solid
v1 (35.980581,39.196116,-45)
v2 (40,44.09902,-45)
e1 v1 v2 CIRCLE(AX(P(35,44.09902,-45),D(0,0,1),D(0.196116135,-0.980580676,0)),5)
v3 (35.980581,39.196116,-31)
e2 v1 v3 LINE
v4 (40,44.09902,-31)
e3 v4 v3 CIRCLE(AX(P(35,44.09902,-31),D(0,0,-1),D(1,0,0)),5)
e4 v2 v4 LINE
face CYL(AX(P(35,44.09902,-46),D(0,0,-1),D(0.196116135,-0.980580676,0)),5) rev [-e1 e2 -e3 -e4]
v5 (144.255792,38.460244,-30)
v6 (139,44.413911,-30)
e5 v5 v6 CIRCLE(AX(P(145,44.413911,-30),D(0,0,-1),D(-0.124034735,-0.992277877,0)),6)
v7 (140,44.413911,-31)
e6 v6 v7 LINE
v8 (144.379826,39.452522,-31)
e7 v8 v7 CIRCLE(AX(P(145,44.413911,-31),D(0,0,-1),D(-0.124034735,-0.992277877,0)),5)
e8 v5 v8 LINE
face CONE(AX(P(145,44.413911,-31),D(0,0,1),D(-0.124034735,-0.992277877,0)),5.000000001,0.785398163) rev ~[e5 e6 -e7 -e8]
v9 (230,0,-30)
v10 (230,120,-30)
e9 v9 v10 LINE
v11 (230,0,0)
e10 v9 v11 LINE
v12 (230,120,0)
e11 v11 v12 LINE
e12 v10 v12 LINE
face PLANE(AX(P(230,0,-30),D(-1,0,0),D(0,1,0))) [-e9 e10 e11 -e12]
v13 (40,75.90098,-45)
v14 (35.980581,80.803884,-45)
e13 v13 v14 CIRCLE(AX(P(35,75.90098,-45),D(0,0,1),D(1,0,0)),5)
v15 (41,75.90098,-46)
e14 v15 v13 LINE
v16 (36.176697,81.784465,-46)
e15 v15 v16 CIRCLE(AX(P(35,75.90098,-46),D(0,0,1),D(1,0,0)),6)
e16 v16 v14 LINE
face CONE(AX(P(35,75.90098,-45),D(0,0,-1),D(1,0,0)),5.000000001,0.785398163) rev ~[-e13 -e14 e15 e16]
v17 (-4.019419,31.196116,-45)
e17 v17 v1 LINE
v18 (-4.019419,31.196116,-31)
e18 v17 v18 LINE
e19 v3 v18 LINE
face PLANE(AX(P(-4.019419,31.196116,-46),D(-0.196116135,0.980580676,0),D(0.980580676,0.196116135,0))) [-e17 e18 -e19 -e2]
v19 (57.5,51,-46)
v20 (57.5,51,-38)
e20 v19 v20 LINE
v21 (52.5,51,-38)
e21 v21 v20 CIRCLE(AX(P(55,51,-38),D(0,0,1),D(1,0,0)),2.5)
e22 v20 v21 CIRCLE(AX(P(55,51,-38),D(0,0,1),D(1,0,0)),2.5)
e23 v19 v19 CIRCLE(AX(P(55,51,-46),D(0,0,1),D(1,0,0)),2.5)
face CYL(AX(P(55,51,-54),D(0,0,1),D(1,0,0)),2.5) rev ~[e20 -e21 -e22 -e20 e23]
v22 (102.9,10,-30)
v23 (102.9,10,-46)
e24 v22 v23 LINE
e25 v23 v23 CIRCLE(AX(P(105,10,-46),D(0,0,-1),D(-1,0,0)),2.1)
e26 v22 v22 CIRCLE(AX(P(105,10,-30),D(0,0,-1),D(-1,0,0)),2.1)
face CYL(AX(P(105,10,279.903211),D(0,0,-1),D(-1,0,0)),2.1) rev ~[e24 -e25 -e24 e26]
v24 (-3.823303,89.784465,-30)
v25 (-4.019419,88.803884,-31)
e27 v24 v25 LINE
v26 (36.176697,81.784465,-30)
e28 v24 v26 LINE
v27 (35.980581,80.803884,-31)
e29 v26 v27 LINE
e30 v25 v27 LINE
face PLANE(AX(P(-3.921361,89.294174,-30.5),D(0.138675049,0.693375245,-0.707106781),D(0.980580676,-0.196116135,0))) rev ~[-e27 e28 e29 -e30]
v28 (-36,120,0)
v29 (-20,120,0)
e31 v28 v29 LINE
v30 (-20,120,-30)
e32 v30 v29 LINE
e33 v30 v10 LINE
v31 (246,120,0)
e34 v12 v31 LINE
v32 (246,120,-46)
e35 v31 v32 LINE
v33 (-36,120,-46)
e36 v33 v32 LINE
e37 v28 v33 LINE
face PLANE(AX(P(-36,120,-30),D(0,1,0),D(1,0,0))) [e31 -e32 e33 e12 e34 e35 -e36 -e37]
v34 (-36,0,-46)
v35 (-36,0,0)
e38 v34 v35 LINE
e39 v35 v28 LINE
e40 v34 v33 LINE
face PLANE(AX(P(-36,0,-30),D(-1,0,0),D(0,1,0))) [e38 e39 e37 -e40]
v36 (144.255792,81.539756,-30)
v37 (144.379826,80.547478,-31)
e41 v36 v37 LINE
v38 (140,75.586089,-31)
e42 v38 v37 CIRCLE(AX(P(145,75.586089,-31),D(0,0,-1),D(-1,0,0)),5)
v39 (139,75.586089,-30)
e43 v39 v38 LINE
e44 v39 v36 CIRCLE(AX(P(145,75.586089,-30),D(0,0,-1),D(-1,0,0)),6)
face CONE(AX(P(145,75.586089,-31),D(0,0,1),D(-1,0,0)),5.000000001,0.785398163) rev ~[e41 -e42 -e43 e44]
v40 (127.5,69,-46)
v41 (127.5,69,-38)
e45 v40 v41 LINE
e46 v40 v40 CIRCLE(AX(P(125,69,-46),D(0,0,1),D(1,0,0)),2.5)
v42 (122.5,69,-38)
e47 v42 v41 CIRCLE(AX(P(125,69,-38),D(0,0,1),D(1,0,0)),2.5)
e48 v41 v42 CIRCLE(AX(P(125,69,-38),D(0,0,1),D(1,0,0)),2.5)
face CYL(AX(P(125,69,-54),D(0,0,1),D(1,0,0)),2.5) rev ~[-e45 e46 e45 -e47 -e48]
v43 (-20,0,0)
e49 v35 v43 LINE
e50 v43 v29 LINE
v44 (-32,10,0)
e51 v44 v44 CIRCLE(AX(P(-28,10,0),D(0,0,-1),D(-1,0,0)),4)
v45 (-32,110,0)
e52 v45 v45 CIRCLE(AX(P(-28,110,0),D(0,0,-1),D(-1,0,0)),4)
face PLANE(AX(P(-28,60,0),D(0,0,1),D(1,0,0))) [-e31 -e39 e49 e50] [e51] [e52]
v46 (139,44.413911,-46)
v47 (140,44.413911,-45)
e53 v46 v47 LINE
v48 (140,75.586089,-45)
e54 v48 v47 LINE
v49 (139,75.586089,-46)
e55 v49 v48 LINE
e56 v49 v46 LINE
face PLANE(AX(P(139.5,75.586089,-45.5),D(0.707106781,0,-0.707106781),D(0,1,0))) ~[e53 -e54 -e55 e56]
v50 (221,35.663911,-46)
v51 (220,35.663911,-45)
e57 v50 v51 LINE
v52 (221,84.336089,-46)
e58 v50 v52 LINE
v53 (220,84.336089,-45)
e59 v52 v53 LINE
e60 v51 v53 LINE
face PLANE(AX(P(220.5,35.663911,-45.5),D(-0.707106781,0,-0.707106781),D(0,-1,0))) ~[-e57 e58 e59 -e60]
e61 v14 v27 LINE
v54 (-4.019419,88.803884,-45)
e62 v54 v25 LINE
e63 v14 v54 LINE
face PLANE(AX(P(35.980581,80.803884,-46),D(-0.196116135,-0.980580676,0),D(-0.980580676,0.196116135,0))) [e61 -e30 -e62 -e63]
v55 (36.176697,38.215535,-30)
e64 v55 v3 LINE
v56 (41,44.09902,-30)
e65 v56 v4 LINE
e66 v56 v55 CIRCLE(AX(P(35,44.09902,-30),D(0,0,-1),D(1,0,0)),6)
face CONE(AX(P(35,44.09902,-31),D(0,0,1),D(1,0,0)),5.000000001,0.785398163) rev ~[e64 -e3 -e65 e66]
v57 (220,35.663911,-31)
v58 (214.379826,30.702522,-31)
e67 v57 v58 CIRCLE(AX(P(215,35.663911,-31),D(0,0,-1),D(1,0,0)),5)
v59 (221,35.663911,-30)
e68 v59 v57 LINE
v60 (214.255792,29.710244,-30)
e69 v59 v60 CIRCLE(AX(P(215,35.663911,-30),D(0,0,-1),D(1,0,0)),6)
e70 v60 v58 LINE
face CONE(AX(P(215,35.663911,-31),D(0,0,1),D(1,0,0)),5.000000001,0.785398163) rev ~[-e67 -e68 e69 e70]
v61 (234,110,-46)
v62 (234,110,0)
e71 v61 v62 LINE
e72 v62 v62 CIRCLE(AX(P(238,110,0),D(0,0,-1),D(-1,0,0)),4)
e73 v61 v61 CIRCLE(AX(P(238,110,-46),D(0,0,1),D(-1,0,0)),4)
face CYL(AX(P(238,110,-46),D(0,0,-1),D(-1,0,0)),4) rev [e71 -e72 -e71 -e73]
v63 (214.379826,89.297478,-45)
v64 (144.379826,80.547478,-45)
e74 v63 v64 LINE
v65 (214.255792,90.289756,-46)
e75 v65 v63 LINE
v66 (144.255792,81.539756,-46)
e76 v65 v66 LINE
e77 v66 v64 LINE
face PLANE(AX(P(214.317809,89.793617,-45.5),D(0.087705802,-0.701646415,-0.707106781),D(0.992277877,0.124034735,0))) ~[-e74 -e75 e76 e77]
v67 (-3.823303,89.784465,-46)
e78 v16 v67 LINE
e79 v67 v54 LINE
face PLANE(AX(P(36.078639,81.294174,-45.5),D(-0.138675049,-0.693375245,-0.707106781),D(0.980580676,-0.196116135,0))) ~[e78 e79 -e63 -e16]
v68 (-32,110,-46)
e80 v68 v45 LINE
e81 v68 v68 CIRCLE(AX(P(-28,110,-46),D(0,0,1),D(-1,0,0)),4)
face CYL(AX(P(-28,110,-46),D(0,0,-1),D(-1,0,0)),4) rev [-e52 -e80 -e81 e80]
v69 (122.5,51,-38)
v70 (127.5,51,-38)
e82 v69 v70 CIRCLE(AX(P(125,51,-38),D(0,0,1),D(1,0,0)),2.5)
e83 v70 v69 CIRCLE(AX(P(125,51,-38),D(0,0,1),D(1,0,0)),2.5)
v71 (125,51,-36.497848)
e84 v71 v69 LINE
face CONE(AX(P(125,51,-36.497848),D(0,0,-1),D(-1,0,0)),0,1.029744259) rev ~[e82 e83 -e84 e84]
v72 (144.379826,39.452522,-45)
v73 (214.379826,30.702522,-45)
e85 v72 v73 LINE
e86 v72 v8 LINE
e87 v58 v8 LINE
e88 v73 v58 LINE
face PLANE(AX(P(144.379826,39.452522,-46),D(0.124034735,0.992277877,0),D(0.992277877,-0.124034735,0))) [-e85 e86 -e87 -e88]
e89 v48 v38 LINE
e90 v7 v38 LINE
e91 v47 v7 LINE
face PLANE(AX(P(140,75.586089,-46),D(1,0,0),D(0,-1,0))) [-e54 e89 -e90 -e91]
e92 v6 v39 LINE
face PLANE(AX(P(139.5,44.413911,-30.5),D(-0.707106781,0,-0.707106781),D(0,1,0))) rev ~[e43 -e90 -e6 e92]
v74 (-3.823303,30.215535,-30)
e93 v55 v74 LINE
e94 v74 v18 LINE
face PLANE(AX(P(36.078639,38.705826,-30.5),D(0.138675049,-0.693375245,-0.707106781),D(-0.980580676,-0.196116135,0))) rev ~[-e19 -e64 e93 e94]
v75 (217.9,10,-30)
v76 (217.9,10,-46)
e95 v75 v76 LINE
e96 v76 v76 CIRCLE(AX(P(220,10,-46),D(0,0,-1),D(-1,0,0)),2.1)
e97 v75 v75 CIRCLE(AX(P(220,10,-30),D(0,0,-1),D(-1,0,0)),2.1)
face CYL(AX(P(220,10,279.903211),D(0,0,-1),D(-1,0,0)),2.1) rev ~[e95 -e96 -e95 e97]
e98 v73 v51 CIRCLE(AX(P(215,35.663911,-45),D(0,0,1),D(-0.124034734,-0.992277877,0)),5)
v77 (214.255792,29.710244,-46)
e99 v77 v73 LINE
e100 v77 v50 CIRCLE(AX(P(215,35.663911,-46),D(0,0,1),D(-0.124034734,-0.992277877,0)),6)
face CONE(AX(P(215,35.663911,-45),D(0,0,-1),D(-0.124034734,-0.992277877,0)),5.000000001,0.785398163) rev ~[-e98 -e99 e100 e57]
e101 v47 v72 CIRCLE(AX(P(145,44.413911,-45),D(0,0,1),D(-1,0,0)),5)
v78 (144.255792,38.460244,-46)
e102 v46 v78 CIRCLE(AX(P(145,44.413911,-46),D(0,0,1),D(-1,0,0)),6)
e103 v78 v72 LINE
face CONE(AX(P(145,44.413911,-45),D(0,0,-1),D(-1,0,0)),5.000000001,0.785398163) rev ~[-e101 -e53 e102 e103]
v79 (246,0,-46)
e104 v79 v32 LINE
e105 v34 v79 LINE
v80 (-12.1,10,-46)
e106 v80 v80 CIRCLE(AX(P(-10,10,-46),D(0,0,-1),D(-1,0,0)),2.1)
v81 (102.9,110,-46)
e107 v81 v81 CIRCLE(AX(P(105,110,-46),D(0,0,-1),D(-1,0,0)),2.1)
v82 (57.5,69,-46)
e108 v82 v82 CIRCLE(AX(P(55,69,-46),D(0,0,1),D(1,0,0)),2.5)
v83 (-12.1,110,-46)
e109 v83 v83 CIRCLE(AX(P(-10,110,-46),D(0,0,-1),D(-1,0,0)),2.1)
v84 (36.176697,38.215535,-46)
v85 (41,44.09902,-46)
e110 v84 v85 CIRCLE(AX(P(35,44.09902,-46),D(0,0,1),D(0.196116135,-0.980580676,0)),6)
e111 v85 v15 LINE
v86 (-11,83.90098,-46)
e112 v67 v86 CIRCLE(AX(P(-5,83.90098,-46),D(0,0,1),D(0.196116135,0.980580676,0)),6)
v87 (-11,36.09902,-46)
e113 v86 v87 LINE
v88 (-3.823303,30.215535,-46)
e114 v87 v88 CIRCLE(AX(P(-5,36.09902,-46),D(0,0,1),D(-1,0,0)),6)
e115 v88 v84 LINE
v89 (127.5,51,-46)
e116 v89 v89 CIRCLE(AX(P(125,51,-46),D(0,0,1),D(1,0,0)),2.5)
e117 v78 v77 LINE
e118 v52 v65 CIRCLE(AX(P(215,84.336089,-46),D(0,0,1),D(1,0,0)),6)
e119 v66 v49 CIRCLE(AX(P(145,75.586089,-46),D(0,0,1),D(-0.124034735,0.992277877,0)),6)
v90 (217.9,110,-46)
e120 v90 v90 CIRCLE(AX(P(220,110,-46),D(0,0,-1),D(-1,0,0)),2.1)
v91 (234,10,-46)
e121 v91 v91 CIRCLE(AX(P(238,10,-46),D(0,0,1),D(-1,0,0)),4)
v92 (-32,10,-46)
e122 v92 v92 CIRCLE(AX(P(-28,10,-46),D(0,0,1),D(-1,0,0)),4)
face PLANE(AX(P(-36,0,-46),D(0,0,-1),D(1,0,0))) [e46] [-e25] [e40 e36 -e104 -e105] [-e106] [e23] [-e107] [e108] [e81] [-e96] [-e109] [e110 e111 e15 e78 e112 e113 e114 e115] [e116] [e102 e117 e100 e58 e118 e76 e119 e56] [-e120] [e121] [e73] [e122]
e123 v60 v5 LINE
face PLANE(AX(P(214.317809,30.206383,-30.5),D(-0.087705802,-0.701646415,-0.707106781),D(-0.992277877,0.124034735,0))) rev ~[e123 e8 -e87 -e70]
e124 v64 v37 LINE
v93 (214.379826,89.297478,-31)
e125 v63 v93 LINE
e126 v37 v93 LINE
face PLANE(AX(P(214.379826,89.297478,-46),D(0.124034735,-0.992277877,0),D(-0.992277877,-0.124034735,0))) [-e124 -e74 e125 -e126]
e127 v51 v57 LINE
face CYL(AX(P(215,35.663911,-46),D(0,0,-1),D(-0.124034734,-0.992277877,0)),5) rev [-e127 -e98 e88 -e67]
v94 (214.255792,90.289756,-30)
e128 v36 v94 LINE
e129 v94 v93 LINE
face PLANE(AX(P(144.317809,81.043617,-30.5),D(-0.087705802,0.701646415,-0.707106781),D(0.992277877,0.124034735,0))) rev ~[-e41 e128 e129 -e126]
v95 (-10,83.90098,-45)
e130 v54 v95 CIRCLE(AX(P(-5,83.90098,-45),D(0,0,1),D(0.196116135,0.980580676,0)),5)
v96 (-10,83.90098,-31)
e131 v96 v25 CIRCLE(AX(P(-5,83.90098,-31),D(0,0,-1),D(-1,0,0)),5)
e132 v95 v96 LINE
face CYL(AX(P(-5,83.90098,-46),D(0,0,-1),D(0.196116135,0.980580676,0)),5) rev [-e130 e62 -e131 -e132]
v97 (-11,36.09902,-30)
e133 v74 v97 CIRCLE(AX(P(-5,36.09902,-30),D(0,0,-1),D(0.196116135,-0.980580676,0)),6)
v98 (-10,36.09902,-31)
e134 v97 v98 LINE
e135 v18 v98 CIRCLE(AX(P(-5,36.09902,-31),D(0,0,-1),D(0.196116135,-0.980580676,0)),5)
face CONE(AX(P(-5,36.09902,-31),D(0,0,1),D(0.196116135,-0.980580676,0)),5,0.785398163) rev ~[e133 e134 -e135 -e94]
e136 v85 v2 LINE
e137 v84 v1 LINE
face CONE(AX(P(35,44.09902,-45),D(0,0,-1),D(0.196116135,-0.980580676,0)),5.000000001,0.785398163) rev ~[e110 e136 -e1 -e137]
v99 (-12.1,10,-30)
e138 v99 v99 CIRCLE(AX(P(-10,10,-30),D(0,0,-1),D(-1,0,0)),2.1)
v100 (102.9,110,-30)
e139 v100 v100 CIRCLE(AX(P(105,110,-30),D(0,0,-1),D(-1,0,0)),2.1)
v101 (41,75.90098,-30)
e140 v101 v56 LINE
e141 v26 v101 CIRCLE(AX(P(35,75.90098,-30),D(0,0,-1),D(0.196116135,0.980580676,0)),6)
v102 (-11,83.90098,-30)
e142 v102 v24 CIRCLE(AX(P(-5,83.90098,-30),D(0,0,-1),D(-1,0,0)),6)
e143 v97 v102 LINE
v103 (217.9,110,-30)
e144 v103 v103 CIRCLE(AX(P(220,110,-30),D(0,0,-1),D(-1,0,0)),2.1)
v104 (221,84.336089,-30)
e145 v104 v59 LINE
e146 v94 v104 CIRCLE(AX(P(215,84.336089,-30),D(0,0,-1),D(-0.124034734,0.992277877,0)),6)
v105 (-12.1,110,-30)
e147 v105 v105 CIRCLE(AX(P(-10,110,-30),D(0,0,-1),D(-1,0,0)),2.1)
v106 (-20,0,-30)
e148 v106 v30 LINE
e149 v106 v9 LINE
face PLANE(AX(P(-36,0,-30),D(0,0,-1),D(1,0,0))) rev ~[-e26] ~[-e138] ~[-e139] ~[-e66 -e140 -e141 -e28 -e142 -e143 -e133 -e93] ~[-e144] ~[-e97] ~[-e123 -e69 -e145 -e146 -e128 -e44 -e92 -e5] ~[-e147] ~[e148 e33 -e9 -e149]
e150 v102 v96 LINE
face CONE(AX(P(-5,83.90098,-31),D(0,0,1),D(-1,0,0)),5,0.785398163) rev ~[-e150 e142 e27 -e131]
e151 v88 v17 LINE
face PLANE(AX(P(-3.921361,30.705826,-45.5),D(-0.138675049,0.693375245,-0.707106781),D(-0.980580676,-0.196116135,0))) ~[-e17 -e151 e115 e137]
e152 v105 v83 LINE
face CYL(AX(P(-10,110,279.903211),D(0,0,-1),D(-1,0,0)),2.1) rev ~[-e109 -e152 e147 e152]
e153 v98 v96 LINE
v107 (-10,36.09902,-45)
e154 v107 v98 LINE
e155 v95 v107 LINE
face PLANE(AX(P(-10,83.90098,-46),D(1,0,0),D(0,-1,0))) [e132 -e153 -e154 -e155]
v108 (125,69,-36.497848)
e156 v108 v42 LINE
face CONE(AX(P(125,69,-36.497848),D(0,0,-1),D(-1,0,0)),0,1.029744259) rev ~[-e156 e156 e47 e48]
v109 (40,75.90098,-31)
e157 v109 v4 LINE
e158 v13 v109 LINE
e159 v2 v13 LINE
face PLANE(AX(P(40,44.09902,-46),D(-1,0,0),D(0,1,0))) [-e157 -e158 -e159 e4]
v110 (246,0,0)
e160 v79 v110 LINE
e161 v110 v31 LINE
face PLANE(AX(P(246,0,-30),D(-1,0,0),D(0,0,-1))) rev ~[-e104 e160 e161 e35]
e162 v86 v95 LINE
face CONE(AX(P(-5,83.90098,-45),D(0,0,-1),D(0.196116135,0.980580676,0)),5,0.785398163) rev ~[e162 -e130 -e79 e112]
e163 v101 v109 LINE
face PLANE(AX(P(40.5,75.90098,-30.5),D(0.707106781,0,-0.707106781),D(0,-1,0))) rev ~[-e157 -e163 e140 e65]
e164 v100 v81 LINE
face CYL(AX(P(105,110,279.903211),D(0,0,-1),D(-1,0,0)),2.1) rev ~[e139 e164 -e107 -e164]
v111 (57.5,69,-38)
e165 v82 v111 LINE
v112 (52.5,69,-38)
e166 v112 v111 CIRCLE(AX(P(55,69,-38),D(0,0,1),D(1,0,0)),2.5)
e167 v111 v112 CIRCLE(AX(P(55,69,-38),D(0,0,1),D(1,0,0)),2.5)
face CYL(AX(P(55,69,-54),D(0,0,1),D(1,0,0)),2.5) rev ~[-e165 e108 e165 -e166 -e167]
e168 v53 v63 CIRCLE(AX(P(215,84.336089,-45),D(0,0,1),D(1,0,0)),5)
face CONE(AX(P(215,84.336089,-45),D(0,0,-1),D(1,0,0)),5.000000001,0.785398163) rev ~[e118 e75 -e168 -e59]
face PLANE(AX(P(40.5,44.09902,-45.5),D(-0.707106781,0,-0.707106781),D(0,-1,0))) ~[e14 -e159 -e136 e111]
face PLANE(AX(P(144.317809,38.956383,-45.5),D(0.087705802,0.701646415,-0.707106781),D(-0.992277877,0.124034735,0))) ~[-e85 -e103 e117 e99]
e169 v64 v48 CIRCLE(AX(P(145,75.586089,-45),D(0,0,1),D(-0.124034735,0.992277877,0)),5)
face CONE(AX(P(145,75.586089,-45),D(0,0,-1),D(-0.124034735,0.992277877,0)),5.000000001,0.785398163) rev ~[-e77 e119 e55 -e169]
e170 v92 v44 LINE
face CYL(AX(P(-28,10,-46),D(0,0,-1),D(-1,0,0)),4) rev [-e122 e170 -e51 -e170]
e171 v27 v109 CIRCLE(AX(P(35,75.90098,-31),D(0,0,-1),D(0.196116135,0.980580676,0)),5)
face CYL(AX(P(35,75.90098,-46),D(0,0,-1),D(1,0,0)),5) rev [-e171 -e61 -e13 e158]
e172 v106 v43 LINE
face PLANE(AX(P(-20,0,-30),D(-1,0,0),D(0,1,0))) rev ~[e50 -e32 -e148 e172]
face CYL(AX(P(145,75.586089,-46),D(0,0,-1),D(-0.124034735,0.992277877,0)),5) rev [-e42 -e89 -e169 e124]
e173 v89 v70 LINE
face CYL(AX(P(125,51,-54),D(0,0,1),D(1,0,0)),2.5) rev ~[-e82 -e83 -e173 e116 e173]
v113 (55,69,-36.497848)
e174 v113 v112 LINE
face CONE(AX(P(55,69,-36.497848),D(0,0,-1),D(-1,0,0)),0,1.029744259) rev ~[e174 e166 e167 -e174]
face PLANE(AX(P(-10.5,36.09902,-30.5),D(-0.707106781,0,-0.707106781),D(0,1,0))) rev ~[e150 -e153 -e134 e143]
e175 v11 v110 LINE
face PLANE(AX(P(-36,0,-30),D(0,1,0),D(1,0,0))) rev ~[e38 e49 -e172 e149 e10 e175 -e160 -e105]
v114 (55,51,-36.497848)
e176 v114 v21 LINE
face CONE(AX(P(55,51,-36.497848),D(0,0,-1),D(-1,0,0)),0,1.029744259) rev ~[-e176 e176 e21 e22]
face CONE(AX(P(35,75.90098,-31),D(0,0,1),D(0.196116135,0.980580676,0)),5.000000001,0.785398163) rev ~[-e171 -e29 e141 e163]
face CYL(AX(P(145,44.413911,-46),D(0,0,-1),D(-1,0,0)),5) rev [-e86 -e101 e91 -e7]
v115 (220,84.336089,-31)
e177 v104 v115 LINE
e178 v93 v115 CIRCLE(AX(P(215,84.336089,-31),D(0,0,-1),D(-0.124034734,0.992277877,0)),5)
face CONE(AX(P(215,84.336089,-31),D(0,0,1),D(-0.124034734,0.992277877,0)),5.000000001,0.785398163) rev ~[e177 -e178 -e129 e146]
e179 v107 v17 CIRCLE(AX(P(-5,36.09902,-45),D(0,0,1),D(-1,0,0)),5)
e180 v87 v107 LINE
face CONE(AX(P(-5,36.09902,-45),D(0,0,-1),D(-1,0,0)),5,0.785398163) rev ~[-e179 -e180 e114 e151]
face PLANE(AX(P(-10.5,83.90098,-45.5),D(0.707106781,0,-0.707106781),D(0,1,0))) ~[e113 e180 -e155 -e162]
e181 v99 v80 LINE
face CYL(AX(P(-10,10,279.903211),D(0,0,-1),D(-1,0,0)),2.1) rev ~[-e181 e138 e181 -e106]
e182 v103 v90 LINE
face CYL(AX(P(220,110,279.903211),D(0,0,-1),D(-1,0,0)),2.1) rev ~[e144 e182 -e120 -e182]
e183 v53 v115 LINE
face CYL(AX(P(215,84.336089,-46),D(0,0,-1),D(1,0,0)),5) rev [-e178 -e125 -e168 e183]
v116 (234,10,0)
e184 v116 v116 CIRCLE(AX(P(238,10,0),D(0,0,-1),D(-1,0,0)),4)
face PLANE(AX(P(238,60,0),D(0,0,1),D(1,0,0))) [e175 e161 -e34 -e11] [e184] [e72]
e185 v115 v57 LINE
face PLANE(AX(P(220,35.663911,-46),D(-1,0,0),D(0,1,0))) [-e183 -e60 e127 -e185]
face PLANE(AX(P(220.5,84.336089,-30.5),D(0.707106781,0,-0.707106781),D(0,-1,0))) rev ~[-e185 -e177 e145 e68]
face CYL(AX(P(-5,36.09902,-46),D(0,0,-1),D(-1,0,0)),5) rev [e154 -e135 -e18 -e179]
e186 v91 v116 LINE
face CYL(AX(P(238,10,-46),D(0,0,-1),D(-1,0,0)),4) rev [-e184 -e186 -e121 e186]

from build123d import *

# Parameters (mm, degrees)
SKETCH1_W                   = 282
SKETCH1_H                   = 16
BOSS_EXTRUDE1_DEPTH         = 120
SKETCH4_W                   = 16
SKETCH4_H                   = 120
BOSS_EXTRUDE2_DEPTH         = 30
SKETCH2_R                   = 4
CUT_EXTRUDE1_DEPTH          = 278.546392518
M5_TAPPED_HOLE1_D           = 4.2
TAP_DRILL_FOR_M6_TAP1_D     = 5
TAP_DRILL_FOR_M6_TAP1_DEPTH = 8
TAP_DRILL_FOR_M6_TAP1_TIP   = 1.502151548
CUT_EXTRUDE2_DEPTH          = 278.546392518
CHAMFER1_SIZE               = 1


with BuildPart() as part:
    # Sketch1 → Boss-Extrude1 (new body)
    with BuildSketch(Plane(origin=(0, 0, 0), x_dir=(1, 0, 0), z_dir=(0, 1, 0))):
        with Locations((105, 38)):
            Rectangle(SKETCH1_W, SKETCH1_H)
    extrude(amount=BOSS_EXTRUDE1_DEPTH)

    # Sketch4 → Boss-Extrude2 (add)
    with BuildSketch(Plane.XY.offset(-30)):
        with Locations((-28, 60)):
            Rectangle(SKETCH4_W, SKETCH4_H)
        with Locations((238, 60)):
            Rectangle(SKETCH4_W, SKETCH4_H)
    extrude(amount=BOSS_EXTRUDE2_DEPTH)

    # Sketch2 → Cut-Extrude1 (cut, through all)
    with BuildSketch(Plane.XY.offset(-46)):
        with Locations(Location((238, 110, 0), (0, 0, 180))):
            Circle(SKETCH2_R)
        with Locations(Location((-28, 110, 0), (0, 0, 180))):
            Circle(SKETCH2_R)
        with Locations(Location((-28, 10, 0), (0, 0, 180))):
            Circle(SKETCH2_R)
        with Locations(Location((238, 10, 0), (0, 0, 180))):
            Circle(SKETCH2_R)
    extrude(amount=CUT_EXTRUDE1_DEPTH, mode=Mode.SUBTRACT)

    # M5 Tapped Hole1 (through all)
    with Locations(Plane.XY.offset(-30)):
        with Locations((-10, 110), (105, 110), (220, 110), (220, 10), (105, 10), (-10, 10)):
            Hole(M5_TAPPED_HOLE1_D / 2)

    # Tap Drill for M6 Tap1
    with Locations(Plane(origin=(0, 0, -46), x_dir=(-1, 0, 0), z_dir=(0, 0, -1))):
        with Locations((-55, 51), (-55, 69), (-125, 69), (-125, 51)):
            Hole(TAP_DRILL_FOR_M6_TAP1_D / 2, depth=TAP_DRILL_FOR_M6_TAP1_DEPTH)
            with Locations((0, 0, -(TAP_DRILL_FOR_M6_TAP1_DEPTH + TAP_DRILL_FOR_M6_TAP1_TIP / 2))):  # 118° drill point
                Cone(0, TAP_DRILL_FOR_M6_TAP1_D / 2, TAP_DRILL_FOR_M6_TAP1_TIP, mode=Mode.SUBTRACT)

    # Sketch11 → Cut-Extrude2 (cut, through all)
    with BuildSketch(Plane(origin=(0, 0, -46), x_dir=(-1, 0, 0), z_dir=(0, 0, -1))):
        with BuildLine():
            Line((-140, 75.586088907), (-140, 44.413911093))
            ThreePointArc((-140, 44.413911093), (-141.251609121, 41.104898277), (-144.379826327, 39.452521709))
            Line((-144.379826327, 39.452521709), (-214.379826327, 30.702521709))
            ThreePointArc((-214.379826327, 30.702521709), (-218.309012816, 31.915520214), (-220, 35.663911093))
            Line((-220, 35.663911093), (-220, 84.336088907))
            ThreePointArc((-220, 84.336088907), (-218.309012816, 88.084479786), (-214.379826327, 89.297478291))
            Line((-214.379826327, 89.297478291), (-144.379826327, 80.547478291))
            ThreePointArc((-144.379826327, 80.547478291), (-141.251609121, 78.895101723), (-140, 75.586088907))
        make_face()
        with BuildLine():
            Line((10, 83.900980486), (10, 36.099019514))
            ThreePointArc((10, 36.099019514), (8.169944528, 32.232308807), (4.019419324, 31.196116135))
            Line((4.019419324, 31.196116135), (-35.980580676, 39.196116135))
            ThreePointArc((-35.980580676, 39.196116135), (-38.866710707, 40.929074986), (-40, 44.099019514))
            Line((-40, 44.099019514), (-40, 75.900980486))
            ThreePointArc((-40, 75.900980486), (-38.866710707, 79.070925014), (-35.980580676, 80.803883865))
            Line((-35.980580676, 80.803883865), (4.019419324, 88.803883865))
            ThreePointArc((4.019419324, 88.803883865), (8.169944528, 87.767691193), (10, 83.900980486))
        make_face()
    extrude(amount=-CUT_EXTRUDE2_DEPTH, mode=Mode.SUBTRACT)

    # Chamfer1
    chamfer1_edges = [part.edges().sort_by_distance(p)[0] for p in [
        (141.251609121, 41.104898277, -30),
        (179.379826327, 35.077521709, -30),
        (218.309012816, 31.915520214, -30),
        (220, 60, -30),
        (218.309012816, 88.084479786, -30),
        (179.379826327, 84.922478291, -30),
        (141.251609121, 78.895101723, -30),
        (140, 60, -30),
        (141.251609121, 41.104898277, -46),
        (140, 60, -46),
        (141.251609121, 78.895101723, -46),
        (179.379826327, 84.922478291, -46),
        (218.309012816, 88.084479786, -46),
        (220, 60, -46),
        (218.309012816, 31.915520214, -46),
        (179.379826327, 35.077521709, -46),
        (-8.169944528, 32.232308807, -30),
        (15.980580676, 35.196116135, -30),
        (38.866710707, 40.929074986, -30),
        (40, 60, -30),
        (38.866710707, 79.070925014, -30),
        (15.980580676, 84.803883865, -30),
        (-8.169944528, 87.767691193, -30),
        (-10, 60, -30),
        (-8.169944528, 32.232308807, -46),
        (-10, 60, -46),
        (-8.169944528, 87.767691193, -46),
        (15.980580676, 84.803883865, -46),
        (38.866710707, 79.070925014, -46),
        (40, 60, -46),
        (38.866710707, 40.929074986, -46),
        (15.980580676, 35.196116135, -46),
    ]]
    chamfer(chamfer1_edges, length=CHAMFER1_SIZE)


solid = part.part
